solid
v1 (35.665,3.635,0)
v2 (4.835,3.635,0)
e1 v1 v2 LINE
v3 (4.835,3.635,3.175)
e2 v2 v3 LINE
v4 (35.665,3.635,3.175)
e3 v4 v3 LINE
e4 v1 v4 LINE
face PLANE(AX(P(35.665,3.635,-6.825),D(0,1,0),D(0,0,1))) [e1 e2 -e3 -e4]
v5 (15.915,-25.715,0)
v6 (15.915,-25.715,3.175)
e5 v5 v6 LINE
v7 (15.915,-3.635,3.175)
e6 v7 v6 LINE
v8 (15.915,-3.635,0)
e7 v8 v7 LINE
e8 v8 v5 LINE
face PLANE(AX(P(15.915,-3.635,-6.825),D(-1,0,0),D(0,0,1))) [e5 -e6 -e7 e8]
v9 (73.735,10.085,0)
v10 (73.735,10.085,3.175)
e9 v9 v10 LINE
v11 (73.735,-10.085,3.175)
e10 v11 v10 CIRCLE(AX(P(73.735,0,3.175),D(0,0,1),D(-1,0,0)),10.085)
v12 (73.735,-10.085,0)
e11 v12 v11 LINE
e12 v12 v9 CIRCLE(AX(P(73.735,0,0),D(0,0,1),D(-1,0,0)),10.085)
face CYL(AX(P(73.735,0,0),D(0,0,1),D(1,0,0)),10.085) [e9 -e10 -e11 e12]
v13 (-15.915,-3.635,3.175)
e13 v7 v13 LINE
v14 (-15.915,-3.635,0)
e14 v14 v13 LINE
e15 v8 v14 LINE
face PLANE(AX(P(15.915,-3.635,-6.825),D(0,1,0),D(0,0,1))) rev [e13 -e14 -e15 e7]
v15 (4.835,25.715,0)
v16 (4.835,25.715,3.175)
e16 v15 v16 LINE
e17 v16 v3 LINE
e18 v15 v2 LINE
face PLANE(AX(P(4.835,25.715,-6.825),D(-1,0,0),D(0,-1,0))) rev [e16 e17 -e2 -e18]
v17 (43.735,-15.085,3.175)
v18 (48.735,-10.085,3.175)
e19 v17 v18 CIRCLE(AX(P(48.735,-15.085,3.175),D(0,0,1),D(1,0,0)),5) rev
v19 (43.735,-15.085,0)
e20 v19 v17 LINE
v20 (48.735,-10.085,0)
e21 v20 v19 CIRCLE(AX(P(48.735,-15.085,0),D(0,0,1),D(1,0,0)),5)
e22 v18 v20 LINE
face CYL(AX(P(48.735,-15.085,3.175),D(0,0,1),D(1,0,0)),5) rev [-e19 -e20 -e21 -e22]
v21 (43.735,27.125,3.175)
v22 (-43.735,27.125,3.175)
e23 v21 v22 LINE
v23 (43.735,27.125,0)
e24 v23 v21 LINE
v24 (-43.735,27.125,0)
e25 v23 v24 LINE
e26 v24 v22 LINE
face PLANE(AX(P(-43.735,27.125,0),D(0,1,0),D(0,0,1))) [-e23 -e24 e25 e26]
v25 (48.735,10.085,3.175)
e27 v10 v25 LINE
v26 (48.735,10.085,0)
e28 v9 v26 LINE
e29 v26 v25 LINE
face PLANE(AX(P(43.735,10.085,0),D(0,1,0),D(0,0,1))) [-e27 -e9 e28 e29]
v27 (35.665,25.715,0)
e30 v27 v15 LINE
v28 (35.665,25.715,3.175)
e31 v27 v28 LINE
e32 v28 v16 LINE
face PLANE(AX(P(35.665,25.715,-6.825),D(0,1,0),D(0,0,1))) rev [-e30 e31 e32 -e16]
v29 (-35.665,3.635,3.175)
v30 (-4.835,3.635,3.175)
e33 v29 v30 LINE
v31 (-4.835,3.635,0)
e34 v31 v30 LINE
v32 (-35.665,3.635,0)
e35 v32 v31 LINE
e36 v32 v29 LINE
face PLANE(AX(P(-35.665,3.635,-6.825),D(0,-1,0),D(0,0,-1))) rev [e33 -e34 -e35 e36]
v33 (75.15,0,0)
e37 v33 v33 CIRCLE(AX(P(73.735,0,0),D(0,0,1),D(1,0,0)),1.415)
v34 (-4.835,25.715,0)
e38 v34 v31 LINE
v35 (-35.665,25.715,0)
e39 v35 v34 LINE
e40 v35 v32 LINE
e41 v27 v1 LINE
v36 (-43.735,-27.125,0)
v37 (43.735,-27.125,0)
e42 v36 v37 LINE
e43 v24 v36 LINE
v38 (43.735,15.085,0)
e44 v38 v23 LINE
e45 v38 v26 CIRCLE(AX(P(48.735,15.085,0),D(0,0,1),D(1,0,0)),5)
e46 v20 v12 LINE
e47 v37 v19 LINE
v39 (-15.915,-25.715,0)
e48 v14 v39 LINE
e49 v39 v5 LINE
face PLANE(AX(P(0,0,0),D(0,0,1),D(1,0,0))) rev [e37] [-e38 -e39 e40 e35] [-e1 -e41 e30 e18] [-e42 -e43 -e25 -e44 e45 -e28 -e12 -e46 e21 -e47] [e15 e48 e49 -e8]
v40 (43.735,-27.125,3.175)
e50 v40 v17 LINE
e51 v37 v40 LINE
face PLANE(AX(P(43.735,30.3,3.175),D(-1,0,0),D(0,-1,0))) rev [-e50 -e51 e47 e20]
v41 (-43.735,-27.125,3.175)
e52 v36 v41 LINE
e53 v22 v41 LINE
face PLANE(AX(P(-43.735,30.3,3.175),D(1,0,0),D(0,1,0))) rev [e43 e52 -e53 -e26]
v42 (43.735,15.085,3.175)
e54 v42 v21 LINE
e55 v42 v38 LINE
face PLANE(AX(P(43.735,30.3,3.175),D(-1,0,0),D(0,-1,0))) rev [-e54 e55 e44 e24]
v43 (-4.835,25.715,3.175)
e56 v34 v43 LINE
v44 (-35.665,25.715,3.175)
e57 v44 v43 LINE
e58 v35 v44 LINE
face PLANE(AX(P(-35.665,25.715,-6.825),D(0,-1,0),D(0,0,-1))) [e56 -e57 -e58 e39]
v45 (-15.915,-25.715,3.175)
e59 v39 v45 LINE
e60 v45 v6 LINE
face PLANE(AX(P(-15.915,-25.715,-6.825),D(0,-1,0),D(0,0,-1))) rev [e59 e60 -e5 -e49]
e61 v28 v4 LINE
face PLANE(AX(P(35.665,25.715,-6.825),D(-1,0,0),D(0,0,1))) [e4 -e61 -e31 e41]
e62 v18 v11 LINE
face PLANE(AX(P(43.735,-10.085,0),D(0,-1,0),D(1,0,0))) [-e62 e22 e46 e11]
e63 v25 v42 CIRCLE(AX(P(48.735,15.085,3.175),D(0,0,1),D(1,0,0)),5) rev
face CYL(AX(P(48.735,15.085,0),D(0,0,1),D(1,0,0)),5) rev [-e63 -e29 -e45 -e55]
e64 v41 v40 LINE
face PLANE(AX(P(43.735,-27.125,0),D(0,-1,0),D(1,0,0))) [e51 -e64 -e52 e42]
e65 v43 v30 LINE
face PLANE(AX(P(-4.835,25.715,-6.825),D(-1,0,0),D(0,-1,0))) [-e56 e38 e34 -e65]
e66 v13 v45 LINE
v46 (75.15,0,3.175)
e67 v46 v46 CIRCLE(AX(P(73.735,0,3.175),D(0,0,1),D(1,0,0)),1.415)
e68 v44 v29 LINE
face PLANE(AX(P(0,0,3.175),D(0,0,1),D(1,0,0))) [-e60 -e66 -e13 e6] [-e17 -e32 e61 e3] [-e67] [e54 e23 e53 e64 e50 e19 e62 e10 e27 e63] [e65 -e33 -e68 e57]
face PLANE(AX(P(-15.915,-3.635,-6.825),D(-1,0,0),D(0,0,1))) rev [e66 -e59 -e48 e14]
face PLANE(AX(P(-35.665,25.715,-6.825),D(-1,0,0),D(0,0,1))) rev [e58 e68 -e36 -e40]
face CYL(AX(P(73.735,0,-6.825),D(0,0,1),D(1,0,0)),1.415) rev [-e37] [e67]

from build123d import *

# Parameters (mm, degrees)
SKETCH1_W           = 87.47
SKETCH1_H           = 60.6
BOSS_EXTRUDE1_DEPTH = 3.175
BOSS_EXTRUDE2_DEPTH = 3.175
FILLET1_R           = 5
SKETCH5_R           = 1.415
CUT_EXTRUDE2_DEPTH  = 10
SKETCH6_W           = 87.47
SKETCH6_H           = 3.265
CUT_EXTRUDE3_DEPTH  = 10
SKETCH2_W           = 30.83
SKETCH2_H           = 22.08
SKETCH2_W_2         = 31.83
CUT_EXTRUDE4_DEPTH  = 10
SKETCH8_W           = 87.47
SKETCH8_H           = 0.09
BOSS_EXTRUDE3_DEPTH = 3.175


with BuildPart() as part:
    # Sketch1 → Boss-Extrude1 (new body)
    with BuildSketch(Plane.XY):
        Rectangle(SKETCH1_W, SKETCH1_H)
    extrude(amount=BOSS_EXTRUDE1_DEPTH)

    # Sketch3 → Boss-Extrude2 (add)
    with BuildSketch(Plane.XY.offset(3.175)):
        with BuildLine():
            Line((43.735, 10.085), (43.735, -10.085))
            Line((43.735, -10.085), (73.735, -10.085))
            ThreePointArc((73.735, -10.085), (83.82, 0), (73.735, 10.085))
            Line((73.735, 10.085), (43.735, 10.085))
        make_face()
    extrude(amount=-BOSS_EXTRUDE2_DEPTH)

    # Fillet1
    fillet1_edges = [part.edges().sort_by_distance(p)[0] for p in [
        (43.735, -10.085, 1.5875),
        (43.735, 10.085, 1.5875),
    ]]
    fillet(fillet1_edges, radius=FILLET1_R)

    # Sketch5 → Cut-Extrude2 (cut)
    with BuildSketch(Plane.XY.offset(3.175)):
        with Locations((73.735, 0)):
            Circle(SKETCH5_R)
    extrude(amount=-CUT_EXTRUDE2_DEPTH, mode=Mode.SUBTRACT)

    # Sketch6 → Cut-Extrude3 (cut)
    with BuildSketch(Plane.XY.offset(3.175)):
        with Locations((0, 28.6675)):
            Rectangle(SKETCH6_W, SKETCH6_H)
        with Locations((0, -28.6675)):
            Rectangle(SKETCH6_W, SKETCH6_H)
    extrude(amount=-CUT_EXTRUDE3_DEPTH, mode=Mode.SUBTRACT)

    # Sketch2 → Cut-Extrude4 (cut)
    with BuildSketch(Plane.XY.offset(3.175)):
        with Locations((20.25, 14.675)):
            Rectangle(SKETCH2_W, SKETCH2_H)
        with Locations((-20.25, 14.675)):
            Rectangle(SKETCH2_W, SKETCH2_H)
        with Locations((0, -14.675)):
            Rectangle(SKETCH2_W_2, SKETCH2_H)
    extrude(amount=-CUT_EXTRUDE4_DEPTH, mode=Mode.SUBTRACT)

    # Sketch8 → Boss-Extrude3 (add)
    with BuildSketch(Plane.XY.offset(3.175)):
        with Locations((0, 27.08)):
            Rectangle(SKETCH8_W, SKETCH8_H)
        with Locations((0, -27.08)):
            Rectangle(SKETCH8_W, SKETCH8_H)
    extrude(amount=-BOSS_EXTRUDE3_DEPTH)


solid = part.part
